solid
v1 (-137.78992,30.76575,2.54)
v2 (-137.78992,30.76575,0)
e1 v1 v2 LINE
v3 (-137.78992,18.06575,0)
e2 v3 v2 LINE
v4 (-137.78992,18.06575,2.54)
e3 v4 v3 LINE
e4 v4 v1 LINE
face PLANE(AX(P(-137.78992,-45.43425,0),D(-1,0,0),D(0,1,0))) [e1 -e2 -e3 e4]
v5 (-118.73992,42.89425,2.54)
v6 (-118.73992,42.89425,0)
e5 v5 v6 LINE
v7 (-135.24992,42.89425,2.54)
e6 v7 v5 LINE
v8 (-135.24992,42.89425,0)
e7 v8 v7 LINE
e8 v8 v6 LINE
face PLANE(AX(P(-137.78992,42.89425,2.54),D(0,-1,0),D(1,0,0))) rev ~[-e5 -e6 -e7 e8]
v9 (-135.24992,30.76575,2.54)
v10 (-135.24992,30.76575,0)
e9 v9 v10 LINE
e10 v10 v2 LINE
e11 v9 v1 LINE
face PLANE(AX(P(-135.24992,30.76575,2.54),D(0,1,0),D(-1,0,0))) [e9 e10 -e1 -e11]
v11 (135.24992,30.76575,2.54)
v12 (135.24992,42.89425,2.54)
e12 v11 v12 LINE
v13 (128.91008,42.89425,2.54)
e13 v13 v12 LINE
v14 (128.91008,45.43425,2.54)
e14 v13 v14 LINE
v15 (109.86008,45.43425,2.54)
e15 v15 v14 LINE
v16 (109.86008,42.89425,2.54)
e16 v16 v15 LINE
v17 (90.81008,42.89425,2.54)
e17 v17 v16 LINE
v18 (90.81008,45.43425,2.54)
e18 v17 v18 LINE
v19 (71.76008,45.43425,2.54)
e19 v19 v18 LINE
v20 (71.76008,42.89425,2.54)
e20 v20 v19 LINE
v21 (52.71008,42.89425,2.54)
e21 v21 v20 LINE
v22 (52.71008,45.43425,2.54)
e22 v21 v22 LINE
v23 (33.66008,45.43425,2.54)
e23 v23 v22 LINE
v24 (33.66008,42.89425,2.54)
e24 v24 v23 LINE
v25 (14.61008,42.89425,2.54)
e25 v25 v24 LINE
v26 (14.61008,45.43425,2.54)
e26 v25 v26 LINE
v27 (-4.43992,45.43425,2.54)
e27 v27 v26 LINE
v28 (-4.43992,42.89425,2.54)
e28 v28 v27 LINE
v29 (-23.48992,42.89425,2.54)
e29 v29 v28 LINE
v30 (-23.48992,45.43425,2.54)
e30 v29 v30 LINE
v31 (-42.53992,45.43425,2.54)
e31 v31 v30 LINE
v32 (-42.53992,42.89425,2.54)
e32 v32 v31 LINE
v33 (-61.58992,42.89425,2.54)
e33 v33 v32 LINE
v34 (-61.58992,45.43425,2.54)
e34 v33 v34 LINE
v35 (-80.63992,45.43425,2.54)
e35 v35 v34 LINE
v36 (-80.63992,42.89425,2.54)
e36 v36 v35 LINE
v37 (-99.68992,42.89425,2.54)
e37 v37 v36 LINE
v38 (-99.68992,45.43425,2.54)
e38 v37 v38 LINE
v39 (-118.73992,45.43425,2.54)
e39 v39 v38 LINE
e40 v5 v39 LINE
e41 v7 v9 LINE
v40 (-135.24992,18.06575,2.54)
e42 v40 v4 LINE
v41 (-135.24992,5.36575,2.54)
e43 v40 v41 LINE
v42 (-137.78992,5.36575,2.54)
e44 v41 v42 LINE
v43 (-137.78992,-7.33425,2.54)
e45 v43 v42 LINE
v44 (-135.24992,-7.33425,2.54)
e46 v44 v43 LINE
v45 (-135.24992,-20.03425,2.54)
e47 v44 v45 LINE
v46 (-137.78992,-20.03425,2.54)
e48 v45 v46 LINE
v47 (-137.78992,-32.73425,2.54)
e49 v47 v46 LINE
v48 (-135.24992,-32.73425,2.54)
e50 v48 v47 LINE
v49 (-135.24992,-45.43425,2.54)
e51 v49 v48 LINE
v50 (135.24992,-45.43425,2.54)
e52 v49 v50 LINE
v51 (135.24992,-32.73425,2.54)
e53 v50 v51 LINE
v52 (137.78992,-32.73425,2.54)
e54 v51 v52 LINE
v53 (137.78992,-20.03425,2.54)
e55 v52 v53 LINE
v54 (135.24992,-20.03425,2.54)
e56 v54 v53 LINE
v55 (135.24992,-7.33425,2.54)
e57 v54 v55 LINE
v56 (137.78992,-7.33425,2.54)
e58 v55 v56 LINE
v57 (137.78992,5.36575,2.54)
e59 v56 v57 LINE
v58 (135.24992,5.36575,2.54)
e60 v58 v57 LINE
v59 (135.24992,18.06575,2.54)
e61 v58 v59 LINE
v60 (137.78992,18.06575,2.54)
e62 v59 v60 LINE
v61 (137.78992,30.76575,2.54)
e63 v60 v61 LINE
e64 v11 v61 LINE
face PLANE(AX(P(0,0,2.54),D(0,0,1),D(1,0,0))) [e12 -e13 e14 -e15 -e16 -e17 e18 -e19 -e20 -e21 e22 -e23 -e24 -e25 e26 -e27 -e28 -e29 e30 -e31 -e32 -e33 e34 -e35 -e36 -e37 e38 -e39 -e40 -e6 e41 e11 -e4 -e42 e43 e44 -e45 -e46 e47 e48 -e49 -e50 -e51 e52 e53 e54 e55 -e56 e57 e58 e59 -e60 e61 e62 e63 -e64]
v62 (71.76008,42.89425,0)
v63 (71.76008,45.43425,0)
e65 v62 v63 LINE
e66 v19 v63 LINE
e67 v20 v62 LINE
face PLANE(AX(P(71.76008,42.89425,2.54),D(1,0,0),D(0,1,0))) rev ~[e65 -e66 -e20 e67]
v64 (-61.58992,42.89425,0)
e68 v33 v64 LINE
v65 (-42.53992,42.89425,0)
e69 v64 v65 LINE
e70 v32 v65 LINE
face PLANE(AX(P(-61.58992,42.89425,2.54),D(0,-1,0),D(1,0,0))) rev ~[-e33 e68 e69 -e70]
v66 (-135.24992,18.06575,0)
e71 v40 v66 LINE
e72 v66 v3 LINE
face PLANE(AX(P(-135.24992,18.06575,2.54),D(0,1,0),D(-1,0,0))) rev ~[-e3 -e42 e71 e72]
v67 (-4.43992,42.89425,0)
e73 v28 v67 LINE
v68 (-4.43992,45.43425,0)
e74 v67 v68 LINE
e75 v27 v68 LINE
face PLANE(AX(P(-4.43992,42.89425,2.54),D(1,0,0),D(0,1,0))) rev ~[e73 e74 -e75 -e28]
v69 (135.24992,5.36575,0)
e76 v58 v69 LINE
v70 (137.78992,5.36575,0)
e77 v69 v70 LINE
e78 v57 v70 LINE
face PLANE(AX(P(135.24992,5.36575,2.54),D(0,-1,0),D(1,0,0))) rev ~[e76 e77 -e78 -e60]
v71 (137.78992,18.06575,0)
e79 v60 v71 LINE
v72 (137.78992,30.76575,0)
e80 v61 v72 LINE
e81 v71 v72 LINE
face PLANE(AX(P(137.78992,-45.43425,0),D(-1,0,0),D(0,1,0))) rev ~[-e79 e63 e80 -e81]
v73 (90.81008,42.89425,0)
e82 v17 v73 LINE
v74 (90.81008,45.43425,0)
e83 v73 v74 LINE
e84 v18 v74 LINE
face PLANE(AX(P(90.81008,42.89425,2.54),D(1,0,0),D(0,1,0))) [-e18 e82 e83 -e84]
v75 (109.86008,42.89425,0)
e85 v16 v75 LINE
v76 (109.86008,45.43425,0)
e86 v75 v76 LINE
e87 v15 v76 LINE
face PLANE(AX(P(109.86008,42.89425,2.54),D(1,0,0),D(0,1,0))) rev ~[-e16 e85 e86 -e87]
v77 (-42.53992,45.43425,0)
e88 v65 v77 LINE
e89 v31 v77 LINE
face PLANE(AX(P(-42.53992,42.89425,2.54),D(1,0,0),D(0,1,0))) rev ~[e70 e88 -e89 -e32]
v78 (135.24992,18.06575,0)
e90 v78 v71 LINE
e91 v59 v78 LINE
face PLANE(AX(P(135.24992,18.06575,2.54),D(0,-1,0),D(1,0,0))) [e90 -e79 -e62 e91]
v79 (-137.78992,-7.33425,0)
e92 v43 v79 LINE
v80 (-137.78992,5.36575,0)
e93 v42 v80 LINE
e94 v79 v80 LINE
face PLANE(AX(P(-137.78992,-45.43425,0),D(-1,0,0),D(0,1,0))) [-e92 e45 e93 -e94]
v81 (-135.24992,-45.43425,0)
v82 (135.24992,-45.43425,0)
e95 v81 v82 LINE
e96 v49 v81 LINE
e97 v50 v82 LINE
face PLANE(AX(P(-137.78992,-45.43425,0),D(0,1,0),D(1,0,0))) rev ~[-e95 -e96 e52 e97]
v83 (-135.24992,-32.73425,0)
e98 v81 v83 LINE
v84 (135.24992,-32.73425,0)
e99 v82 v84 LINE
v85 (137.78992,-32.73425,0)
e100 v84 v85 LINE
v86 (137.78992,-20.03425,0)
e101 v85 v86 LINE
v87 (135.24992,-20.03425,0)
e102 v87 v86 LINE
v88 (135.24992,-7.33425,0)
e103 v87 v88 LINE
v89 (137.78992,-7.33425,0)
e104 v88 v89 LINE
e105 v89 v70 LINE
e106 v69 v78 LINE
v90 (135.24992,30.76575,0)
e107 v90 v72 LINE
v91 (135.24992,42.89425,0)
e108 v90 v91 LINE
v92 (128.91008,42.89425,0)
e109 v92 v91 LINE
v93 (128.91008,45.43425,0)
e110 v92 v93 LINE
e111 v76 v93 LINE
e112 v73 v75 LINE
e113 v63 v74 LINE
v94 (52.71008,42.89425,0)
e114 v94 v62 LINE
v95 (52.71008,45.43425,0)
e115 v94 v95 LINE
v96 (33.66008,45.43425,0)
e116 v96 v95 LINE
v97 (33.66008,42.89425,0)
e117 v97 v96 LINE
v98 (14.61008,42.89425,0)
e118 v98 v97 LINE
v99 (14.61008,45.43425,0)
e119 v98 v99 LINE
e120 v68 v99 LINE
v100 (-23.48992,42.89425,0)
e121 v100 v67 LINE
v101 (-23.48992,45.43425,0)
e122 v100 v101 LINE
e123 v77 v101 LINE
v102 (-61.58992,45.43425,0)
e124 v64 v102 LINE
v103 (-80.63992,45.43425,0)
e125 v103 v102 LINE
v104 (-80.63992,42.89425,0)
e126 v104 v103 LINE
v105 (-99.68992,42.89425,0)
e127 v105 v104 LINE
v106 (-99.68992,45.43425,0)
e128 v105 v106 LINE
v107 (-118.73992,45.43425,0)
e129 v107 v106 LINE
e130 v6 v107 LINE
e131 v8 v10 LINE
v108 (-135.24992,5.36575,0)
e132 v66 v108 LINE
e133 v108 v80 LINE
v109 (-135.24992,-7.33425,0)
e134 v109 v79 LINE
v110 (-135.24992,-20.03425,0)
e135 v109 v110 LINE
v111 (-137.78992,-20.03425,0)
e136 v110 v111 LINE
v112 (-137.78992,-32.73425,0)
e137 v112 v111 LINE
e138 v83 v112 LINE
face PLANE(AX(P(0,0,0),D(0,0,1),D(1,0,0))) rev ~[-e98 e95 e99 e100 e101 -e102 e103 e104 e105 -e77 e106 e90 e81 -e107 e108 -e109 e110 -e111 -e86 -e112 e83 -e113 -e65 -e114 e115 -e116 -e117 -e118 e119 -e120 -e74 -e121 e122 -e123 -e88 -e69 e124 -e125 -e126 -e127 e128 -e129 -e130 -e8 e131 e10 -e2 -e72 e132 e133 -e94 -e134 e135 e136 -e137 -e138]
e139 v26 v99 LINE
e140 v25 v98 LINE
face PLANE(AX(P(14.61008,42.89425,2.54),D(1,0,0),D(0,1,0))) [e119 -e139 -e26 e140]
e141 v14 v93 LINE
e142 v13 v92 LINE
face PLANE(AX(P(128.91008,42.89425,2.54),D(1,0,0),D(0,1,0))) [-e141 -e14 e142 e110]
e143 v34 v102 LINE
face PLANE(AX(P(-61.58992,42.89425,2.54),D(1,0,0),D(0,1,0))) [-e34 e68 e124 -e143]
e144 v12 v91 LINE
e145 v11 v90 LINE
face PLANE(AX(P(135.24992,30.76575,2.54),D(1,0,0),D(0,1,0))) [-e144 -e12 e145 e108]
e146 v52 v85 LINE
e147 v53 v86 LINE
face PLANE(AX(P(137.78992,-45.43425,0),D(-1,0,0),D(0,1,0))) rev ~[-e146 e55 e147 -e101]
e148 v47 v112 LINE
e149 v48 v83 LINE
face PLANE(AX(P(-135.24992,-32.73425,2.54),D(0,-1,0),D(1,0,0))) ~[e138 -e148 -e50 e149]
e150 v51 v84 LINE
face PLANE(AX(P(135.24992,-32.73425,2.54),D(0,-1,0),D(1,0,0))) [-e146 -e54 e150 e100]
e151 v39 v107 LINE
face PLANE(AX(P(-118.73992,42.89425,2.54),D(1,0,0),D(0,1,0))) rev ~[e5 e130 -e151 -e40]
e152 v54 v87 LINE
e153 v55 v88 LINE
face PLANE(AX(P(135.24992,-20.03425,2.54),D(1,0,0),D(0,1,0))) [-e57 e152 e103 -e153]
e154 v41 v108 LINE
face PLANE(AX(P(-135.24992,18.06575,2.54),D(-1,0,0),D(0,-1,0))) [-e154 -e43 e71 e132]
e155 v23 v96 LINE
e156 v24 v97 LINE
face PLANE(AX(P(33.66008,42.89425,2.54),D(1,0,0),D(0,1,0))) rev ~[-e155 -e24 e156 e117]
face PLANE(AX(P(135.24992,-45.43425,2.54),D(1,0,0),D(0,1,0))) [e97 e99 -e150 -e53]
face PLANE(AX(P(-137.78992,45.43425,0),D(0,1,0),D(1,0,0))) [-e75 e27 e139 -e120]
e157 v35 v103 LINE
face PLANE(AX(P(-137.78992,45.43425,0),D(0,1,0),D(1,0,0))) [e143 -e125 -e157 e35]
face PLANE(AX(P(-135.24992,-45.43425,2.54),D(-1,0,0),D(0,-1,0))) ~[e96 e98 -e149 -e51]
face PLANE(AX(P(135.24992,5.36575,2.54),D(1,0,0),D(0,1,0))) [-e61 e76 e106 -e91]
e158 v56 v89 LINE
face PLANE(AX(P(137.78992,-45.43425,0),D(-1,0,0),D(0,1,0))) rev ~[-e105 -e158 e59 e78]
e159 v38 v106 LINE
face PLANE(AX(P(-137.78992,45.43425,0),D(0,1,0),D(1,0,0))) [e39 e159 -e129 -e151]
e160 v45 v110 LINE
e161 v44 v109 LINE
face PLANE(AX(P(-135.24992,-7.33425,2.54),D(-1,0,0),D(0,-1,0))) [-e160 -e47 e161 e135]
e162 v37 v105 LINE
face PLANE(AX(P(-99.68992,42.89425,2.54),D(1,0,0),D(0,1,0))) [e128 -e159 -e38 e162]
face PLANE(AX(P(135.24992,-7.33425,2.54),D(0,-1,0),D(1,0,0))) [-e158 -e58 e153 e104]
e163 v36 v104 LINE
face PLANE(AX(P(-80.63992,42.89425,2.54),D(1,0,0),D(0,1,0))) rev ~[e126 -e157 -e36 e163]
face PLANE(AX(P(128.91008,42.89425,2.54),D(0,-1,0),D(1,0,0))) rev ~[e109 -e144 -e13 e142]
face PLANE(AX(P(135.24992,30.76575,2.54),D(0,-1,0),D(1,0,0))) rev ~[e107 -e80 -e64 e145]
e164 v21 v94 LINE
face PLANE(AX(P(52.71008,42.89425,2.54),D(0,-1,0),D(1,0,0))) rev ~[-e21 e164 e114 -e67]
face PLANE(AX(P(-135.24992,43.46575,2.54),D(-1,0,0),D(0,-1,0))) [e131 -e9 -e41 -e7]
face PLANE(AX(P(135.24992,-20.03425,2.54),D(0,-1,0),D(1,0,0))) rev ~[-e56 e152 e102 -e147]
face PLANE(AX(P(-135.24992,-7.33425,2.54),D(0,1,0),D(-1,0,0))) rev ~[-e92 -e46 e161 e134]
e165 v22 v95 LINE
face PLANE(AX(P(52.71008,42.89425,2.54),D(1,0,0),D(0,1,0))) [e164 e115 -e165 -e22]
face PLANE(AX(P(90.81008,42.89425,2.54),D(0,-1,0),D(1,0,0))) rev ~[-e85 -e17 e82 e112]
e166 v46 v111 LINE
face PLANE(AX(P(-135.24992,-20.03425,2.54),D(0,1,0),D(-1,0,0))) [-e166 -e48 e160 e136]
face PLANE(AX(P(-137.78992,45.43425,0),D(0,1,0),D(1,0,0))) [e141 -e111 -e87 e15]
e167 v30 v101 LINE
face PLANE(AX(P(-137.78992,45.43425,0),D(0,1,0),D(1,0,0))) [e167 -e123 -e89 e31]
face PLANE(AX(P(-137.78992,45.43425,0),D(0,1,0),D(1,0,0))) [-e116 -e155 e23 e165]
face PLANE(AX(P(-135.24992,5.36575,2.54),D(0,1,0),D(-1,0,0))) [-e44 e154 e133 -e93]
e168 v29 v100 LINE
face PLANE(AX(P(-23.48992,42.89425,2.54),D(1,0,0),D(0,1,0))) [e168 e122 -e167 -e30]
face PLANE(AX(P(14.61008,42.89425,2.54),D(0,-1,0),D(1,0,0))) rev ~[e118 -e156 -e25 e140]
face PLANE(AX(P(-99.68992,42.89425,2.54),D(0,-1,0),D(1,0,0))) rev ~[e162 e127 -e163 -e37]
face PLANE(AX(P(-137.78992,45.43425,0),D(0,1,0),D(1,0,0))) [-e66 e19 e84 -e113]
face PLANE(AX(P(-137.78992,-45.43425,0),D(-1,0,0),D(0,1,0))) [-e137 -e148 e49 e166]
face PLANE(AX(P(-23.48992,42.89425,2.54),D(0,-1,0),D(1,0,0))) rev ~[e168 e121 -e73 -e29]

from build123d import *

# Parameters (mm, degrees)
SKETCH1_W               = 275.57984
SKETCH1_H               = 90.8685
BOSS_EXTRUDE1_DEPTH     = 2.54
SKETCH2_W               = 2.54
SKETCH2_H               = 12.7
CUT_EXTRUDE1_DEPTH      = 146.109561114
LPATTERN1_COUNT         = 4
LPATTERN1_PITCH         = 25.4
MIRROR1_COPY_1_SKETCH_W = 2.54
MIRROR1_COPY_1_SKETCH_H = 12.7
MIRROR1_COPY_1_DEPTH    = 146.109561114
MIRROR1_COPY_2_SKETCH_W = 2.54
MIRROR1_COPY_2_SKETCH_H = 12.7
MIRROR1_COPY_2_DEPTH    = 146.109561114
MIRROR1_COPY_3_SKETCH_W = 2.54
MIRROR1_COPY_3_SKETCH_H = 12.7
MIRROR1_COPY_3_DEPTH    = 146.109561114
SKETCH3_W               = 19.05
SKETCH3_H               = 2.54
CUT_EXTRUDE2_DEPTH      = 146.109561114
LPATTERN2_COUNT         = 8
LPATTERN2_PITCH         = 38.1


with BuildPart() as part:
    # Sketch1 → Boss-Extrude1 (new body)
    with BuildSketch(Plane.XY):
        Rectangle(SKETCH1_W, SKETCH1_H)
    extrude(amount=BOSS_EXTRUDE1_DEPTH)

    # Sketch2 → Cut-Extrude1 (cut, through all)
    with BuildSketch(Plane.XY.offset(2.54)):
        with Locations((136.51992, -39.08425)):
            Rectangle(SKETCH2_W, SKETCH2_H)
    cut_extrude1 = extrude(amount=-CUT_EXTRUDE1_DEPTH, mode=Mode.SUBTRACT)

    # LPattern1: Cut-Extrude1 ×4
    with Locations(*[(0, i * LPATTERN1_PITCH, 0) for i in range(1, LPATTERN1_COUNT)]):
        add(cut_extrude1, mode=Mode.SUBTRACT)

    # Mirror1: Cut-Extrude1 across plane
    add(cut_extrude1.mirror(Plane(origin=(0, 0, 0), x_dir=(0, 0, 1), z_dir=(1, 0, 0))), mode=Mode.SUBTRACT)

    # Mirror1 copy 1 sketch → Mirror1 copy 1 (cut, through all)
    with BuildSketch(Plane(origin=(0, 25.4, 2.54), x_dir=(-1, 0, 0), z_dir=(0, 0, 1))):
        with Locations((136.51992, 39.08425)):
            Rectangle(MIRROR1_COPY_1_SKETCH_W, MIRROR1_COPY_1_SKETCH_H)
    extrude(amount=-MIRROR1_COPY_1_DEPTH, mode=Mode.SUBTRACT)

    # Mirror1 copy 2 sketch → Mirror1 copy 2 (cut, through all)
    with BuildSketch(Plane(origin=(0, 50.8, 2.54), x_dir=(-1, 0, 0), z_dir=(0, 0, 1))):
        with Locations((136.51992, 39.08425)):
            Rectangle(MIRROR1_COPY_2_SKETCH_W, MIRROR1_COPY_2_SKETCH_H)
    extrude(amount=-MIRROR1_COPY_2_DEPTH, mode=Mode.SUBTRACT)

    # Mirror1 copy 3 sketch → Mirror1 copy 3 (cut, through all)
    with BuildSketch(Plane(origin=(0, 76.2, 2.54), x_dir=(-1, 0, 0), z_dir=(0, 0, 1))):
        with Locations((136.51992, 39.08425)):
            Rectangle(MIRROR1_COPY_3_SKETCH_W, MIRROR1_COPY_3_SKETCH_H)
    extrude(amount=-MIRROR1_COPY_3_DEPTH, mode=Mode.SUBTRACT)

    # Sketch3 → Cut-Extrude2 (cut, through all)
    with BuildSketch(Plane.XY.offset(2.54)):
        with Locations((-128.26492, 44.16425)):
            Rectangle(SKETCH3_W, SKETCH3_H)
    cut_extrude2 = extrude(amount=-CUT_EXTRUDE2_DEPTH, mode=Mode.SUBTRACT)

    # LPattern2: Cut-Extrude2 ×8
    with Locations(*[(i * LPATTERN2_PITCH, 0, 0) for i in range(1, LPATTERN2_COUNT)]):
        add(cut_extrude2, mode=Mode.SUBTRACT)


solid = part.part
